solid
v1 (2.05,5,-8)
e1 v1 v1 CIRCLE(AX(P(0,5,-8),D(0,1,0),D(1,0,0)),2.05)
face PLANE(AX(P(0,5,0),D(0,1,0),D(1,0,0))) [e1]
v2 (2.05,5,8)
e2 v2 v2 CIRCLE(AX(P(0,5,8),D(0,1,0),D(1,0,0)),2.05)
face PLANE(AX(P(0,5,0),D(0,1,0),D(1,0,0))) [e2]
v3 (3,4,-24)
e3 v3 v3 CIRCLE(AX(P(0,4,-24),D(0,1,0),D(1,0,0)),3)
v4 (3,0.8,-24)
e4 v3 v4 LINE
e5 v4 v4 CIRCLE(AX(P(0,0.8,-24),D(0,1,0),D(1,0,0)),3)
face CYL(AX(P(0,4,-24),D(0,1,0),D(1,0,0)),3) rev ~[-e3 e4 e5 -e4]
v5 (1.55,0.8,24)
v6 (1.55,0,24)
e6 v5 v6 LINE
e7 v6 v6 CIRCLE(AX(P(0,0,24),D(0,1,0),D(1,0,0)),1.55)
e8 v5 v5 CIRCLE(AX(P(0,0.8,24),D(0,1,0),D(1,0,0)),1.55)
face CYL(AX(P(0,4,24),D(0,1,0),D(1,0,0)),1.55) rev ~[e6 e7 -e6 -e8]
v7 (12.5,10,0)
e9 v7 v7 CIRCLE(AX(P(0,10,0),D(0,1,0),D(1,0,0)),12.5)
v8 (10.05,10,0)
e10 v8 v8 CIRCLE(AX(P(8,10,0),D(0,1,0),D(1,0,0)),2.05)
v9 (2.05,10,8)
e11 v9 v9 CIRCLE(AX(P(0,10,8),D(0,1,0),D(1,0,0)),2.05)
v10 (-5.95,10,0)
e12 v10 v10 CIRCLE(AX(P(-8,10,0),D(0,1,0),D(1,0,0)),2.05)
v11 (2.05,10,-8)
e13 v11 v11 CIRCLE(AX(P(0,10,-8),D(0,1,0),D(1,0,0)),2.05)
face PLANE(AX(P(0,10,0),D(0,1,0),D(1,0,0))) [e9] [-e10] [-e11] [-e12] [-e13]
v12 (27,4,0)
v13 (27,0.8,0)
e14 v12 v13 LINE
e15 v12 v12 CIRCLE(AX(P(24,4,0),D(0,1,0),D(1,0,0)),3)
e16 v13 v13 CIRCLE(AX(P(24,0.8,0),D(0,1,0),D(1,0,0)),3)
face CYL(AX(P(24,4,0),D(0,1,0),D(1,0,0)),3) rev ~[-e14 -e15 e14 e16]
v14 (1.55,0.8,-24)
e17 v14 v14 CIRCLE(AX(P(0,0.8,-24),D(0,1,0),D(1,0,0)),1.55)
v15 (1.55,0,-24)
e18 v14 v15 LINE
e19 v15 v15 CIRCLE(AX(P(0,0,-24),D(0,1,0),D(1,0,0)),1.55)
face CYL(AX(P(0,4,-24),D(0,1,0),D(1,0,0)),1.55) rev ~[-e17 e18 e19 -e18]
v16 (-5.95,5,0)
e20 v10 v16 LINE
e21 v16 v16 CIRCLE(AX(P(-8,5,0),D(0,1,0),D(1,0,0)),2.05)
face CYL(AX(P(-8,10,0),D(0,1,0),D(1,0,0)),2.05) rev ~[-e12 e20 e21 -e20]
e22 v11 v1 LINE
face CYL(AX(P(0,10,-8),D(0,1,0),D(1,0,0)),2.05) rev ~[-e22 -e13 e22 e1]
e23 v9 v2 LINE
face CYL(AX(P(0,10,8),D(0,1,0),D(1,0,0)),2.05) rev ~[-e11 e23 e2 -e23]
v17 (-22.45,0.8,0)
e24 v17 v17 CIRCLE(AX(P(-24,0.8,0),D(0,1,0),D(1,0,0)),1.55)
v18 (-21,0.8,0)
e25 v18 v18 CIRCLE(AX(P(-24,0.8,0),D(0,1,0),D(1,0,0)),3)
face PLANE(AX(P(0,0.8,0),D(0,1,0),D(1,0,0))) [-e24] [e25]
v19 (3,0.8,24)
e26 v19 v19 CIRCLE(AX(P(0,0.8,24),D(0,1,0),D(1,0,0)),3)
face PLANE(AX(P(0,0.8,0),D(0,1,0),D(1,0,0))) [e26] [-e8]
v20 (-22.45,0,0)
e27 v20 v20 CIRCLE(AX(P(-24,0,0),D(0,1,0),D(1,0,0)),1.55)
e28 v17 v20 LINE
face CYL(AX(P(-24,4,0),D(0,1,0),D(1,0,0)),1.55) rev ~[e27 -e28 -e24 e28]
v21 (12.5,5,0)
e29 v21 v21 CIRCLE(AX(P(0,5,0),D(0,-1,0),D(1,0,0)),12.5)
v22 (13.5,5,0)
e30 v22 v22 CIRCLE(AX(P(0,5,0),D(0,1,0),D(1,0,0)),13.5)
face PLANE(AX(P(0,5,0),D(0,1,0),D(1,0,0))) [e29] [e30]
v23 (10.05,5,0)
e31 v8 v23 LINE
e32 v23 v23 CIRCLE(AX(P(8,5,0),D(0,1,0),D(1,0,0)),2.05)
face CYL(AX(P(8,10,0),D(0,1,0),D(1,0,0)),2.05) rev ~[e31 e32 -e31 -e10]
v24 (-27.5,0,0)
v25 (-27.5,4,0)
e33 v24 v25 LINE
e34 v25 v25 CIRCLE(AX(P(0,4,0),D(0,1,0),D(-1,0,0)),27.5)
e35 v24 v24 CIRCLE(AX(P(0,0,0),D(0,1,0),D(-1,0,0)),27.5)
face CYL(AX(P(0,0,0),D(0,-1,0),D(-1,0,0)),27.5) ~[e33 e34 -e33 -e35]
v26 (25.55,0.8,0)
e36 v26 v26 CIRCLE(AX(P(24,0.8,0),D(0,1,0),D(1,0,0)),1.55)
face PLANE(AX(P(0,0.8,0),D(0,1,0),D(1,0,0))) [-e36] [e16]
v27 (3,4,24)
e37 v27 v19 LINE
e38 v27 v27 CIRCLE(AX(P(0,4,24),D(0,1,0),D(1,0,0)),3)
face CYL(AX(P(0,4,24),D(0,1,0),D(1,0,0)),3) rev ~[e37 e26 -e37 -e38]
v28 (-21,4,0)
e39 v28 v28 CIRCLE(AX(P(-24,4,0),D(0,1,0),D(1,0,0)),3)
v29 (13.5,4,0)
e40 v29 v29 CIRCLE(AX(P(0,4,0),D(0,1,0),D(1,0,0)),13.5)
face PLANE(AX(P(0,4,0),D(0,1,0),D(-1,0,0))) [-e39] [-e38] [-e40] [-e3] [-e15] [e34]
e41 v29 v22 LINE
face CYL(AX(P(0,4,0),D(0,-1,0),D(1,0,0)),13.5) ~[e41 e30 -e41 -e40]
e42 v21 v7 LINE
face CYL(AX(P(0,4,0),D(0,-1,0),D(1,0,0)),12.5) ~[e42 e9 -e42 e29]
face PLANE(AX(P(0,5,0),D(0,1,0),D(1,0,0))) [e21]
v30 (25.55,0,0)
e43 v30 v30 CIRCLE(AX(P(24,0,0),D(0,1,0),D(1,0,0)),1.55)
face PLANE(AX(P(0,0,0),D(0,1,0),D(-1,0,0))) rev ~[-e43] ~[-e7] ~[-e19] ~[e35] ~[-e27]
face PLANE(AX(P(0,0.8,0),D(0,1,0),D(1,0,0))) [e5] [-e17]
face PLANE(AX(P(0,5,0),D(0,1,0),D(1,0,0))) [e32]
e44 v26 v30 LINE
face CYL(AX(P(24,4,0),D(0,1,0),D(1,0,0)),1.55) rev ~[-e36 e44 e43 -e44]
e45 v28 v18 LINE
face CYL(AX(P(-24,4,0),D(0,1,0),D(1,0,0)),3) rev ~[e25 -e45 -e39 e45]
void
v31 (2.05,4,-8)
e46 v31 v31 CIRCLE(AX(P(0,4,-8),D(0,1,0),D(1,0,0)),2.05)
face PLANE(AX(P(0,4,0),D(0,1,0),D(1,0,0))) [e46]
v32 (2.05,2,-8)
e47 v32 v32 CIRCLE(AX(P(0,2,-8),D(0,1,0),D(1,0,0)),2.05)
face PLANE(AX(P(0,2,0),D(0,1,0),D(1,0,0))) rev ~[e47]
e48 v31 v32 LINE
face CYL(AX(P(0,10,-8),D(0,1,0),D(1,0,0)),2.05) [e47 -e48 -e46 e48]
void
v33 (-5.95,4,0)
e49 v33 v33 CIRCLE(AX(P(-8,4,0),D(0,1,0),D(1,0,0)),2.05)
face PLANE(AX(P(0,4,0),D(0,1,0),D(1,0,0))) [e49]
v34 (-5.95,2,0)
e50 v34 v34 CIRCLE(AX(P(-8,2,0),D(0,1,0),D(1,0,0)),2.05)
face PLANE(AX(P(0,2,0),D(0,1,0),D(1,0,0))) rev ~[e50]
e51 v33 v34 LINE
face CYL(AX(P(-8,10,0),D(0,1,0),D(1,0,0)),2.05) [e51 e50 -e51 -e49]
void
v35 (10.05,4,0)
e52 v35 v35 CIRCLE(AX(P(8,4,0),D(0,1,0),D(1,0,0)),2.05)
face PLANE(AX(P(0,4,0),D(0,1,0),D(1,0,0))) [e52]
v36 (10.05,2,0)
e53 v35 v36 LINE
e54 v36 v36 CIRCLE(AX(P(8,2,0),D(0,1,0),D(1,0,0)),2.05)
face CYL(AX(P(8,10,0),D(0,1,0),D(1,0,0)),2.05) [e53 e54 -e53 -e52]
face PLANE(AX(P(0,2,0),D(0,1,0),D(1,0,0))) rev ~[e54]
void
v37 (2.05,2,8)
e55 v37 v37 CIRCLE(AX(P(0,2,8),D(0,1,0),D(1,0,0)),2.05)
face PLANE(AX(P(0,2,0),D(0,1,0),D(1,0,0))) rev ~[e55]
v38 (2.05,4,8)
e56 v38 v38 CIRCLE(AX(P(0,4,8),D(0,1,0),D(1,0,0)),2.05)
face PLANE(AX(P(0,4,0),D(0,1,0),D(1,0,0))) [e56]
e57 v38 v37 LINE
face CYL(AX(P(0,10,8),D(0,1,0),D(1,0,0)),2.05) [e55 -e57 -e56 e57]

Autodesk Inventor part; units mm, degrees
ref_plane "YZ Plane" through (0, 0, 0) normal (1, 0, 0) x (0, 1, 0)
ref_plane "XZ Plane" through (0, 0, 0) normal (0, 1, 0) x (-1, 0, 0)
ref_plane "XY Plane" through (0, 0, 0) normal (0, 0, 1) x (1, 0, 0)
sketch "Szkic1" plane through (0, 0, 0) normal (0, 1, 0) x (-1, 0, 0)
  circle A0 centre (0, 0) radius 27.5
  dimension "d0" = 55
extrude "Wyciągnięcie proste1" add sketch "Szkic1" along normal blind 4
sketch "Szkic2" plane through (0, 4, 0) normal (0, 1, 0) x (1, 0, 0)
  circle A0 centre (-24, 0) radius 1.55
  circle A1 centre (0, -24) radius 1.55
  circle A2 centre (24, 0) radius 1.55
  circle A3 centre (0, 24) radius 1.55
  point P0 (0, 0)
  dimension "d3" = 3.1
  dimension "d4" = 24
  dimension "d7" = 360
extrude "Wyciągnięcie proste2" cut sketch "Szkic2" against normal up to surface (4 mm away)
sketch "Szkic3" plane through (0, 4, 0) normal (0, 1, 0) x (1, 0, 0)
  circle A0 centre (0, 0) radius 12.5
  dimension "d11" = 25
extrude "Wyciągnięcie proste3" add sketch "Szkic3" along normal blind 6
sketch "Szkic4" plane through (0, 10, 0) normal (0, 1, 0) x (1, 0, 0)
  circle A0 centre (-8, 0) radius 2.05
  circle A1 centre (0, -8) radius 2.05
  circle A2 centre (8, 0) radius 2.05
  circle A3 centre (0, 8) radius 2.05
  point P0 (0, 0)
  dimension "d14" = 4.1
  dimension "d17" = 360
  dimension "d19" = 8
extrude "Wyciągnięcie proste4" cut sketch "Szkic4" against normal blind 8
sketch "Szkic5" plane through (0, 4, 0) normal (0, 1, 0) x (1, 0, 0)
  circle A0 centre (-24, 0) radius 1.55 projected
  circle A1 centre (-24, 0) radius 3
  circle A2 centre (0, -24) radius 3
  circle A3 centre (24, 0) radius 3
  circle A4 centre (0, 24) radius 3
  point P0 (0, 0)
  dimension "d22" = 6
  dimension "d27" = 360
extrude "Wyciągnięcie proste5" cut sketch "Szkic5" against normal blind 3.2
sketch "Szkic6" plane through (0, 4, 0) normal (0, 1, 0) x (1, 0, 0)
  circle A0 centre (0, 0) radius 13.5
  dimension "d29" = 27
extrude "Wyciągnięcie proste6" add sketch "Szkic6" along normal blind 1
properties part number "_Drukowanie 3D"
